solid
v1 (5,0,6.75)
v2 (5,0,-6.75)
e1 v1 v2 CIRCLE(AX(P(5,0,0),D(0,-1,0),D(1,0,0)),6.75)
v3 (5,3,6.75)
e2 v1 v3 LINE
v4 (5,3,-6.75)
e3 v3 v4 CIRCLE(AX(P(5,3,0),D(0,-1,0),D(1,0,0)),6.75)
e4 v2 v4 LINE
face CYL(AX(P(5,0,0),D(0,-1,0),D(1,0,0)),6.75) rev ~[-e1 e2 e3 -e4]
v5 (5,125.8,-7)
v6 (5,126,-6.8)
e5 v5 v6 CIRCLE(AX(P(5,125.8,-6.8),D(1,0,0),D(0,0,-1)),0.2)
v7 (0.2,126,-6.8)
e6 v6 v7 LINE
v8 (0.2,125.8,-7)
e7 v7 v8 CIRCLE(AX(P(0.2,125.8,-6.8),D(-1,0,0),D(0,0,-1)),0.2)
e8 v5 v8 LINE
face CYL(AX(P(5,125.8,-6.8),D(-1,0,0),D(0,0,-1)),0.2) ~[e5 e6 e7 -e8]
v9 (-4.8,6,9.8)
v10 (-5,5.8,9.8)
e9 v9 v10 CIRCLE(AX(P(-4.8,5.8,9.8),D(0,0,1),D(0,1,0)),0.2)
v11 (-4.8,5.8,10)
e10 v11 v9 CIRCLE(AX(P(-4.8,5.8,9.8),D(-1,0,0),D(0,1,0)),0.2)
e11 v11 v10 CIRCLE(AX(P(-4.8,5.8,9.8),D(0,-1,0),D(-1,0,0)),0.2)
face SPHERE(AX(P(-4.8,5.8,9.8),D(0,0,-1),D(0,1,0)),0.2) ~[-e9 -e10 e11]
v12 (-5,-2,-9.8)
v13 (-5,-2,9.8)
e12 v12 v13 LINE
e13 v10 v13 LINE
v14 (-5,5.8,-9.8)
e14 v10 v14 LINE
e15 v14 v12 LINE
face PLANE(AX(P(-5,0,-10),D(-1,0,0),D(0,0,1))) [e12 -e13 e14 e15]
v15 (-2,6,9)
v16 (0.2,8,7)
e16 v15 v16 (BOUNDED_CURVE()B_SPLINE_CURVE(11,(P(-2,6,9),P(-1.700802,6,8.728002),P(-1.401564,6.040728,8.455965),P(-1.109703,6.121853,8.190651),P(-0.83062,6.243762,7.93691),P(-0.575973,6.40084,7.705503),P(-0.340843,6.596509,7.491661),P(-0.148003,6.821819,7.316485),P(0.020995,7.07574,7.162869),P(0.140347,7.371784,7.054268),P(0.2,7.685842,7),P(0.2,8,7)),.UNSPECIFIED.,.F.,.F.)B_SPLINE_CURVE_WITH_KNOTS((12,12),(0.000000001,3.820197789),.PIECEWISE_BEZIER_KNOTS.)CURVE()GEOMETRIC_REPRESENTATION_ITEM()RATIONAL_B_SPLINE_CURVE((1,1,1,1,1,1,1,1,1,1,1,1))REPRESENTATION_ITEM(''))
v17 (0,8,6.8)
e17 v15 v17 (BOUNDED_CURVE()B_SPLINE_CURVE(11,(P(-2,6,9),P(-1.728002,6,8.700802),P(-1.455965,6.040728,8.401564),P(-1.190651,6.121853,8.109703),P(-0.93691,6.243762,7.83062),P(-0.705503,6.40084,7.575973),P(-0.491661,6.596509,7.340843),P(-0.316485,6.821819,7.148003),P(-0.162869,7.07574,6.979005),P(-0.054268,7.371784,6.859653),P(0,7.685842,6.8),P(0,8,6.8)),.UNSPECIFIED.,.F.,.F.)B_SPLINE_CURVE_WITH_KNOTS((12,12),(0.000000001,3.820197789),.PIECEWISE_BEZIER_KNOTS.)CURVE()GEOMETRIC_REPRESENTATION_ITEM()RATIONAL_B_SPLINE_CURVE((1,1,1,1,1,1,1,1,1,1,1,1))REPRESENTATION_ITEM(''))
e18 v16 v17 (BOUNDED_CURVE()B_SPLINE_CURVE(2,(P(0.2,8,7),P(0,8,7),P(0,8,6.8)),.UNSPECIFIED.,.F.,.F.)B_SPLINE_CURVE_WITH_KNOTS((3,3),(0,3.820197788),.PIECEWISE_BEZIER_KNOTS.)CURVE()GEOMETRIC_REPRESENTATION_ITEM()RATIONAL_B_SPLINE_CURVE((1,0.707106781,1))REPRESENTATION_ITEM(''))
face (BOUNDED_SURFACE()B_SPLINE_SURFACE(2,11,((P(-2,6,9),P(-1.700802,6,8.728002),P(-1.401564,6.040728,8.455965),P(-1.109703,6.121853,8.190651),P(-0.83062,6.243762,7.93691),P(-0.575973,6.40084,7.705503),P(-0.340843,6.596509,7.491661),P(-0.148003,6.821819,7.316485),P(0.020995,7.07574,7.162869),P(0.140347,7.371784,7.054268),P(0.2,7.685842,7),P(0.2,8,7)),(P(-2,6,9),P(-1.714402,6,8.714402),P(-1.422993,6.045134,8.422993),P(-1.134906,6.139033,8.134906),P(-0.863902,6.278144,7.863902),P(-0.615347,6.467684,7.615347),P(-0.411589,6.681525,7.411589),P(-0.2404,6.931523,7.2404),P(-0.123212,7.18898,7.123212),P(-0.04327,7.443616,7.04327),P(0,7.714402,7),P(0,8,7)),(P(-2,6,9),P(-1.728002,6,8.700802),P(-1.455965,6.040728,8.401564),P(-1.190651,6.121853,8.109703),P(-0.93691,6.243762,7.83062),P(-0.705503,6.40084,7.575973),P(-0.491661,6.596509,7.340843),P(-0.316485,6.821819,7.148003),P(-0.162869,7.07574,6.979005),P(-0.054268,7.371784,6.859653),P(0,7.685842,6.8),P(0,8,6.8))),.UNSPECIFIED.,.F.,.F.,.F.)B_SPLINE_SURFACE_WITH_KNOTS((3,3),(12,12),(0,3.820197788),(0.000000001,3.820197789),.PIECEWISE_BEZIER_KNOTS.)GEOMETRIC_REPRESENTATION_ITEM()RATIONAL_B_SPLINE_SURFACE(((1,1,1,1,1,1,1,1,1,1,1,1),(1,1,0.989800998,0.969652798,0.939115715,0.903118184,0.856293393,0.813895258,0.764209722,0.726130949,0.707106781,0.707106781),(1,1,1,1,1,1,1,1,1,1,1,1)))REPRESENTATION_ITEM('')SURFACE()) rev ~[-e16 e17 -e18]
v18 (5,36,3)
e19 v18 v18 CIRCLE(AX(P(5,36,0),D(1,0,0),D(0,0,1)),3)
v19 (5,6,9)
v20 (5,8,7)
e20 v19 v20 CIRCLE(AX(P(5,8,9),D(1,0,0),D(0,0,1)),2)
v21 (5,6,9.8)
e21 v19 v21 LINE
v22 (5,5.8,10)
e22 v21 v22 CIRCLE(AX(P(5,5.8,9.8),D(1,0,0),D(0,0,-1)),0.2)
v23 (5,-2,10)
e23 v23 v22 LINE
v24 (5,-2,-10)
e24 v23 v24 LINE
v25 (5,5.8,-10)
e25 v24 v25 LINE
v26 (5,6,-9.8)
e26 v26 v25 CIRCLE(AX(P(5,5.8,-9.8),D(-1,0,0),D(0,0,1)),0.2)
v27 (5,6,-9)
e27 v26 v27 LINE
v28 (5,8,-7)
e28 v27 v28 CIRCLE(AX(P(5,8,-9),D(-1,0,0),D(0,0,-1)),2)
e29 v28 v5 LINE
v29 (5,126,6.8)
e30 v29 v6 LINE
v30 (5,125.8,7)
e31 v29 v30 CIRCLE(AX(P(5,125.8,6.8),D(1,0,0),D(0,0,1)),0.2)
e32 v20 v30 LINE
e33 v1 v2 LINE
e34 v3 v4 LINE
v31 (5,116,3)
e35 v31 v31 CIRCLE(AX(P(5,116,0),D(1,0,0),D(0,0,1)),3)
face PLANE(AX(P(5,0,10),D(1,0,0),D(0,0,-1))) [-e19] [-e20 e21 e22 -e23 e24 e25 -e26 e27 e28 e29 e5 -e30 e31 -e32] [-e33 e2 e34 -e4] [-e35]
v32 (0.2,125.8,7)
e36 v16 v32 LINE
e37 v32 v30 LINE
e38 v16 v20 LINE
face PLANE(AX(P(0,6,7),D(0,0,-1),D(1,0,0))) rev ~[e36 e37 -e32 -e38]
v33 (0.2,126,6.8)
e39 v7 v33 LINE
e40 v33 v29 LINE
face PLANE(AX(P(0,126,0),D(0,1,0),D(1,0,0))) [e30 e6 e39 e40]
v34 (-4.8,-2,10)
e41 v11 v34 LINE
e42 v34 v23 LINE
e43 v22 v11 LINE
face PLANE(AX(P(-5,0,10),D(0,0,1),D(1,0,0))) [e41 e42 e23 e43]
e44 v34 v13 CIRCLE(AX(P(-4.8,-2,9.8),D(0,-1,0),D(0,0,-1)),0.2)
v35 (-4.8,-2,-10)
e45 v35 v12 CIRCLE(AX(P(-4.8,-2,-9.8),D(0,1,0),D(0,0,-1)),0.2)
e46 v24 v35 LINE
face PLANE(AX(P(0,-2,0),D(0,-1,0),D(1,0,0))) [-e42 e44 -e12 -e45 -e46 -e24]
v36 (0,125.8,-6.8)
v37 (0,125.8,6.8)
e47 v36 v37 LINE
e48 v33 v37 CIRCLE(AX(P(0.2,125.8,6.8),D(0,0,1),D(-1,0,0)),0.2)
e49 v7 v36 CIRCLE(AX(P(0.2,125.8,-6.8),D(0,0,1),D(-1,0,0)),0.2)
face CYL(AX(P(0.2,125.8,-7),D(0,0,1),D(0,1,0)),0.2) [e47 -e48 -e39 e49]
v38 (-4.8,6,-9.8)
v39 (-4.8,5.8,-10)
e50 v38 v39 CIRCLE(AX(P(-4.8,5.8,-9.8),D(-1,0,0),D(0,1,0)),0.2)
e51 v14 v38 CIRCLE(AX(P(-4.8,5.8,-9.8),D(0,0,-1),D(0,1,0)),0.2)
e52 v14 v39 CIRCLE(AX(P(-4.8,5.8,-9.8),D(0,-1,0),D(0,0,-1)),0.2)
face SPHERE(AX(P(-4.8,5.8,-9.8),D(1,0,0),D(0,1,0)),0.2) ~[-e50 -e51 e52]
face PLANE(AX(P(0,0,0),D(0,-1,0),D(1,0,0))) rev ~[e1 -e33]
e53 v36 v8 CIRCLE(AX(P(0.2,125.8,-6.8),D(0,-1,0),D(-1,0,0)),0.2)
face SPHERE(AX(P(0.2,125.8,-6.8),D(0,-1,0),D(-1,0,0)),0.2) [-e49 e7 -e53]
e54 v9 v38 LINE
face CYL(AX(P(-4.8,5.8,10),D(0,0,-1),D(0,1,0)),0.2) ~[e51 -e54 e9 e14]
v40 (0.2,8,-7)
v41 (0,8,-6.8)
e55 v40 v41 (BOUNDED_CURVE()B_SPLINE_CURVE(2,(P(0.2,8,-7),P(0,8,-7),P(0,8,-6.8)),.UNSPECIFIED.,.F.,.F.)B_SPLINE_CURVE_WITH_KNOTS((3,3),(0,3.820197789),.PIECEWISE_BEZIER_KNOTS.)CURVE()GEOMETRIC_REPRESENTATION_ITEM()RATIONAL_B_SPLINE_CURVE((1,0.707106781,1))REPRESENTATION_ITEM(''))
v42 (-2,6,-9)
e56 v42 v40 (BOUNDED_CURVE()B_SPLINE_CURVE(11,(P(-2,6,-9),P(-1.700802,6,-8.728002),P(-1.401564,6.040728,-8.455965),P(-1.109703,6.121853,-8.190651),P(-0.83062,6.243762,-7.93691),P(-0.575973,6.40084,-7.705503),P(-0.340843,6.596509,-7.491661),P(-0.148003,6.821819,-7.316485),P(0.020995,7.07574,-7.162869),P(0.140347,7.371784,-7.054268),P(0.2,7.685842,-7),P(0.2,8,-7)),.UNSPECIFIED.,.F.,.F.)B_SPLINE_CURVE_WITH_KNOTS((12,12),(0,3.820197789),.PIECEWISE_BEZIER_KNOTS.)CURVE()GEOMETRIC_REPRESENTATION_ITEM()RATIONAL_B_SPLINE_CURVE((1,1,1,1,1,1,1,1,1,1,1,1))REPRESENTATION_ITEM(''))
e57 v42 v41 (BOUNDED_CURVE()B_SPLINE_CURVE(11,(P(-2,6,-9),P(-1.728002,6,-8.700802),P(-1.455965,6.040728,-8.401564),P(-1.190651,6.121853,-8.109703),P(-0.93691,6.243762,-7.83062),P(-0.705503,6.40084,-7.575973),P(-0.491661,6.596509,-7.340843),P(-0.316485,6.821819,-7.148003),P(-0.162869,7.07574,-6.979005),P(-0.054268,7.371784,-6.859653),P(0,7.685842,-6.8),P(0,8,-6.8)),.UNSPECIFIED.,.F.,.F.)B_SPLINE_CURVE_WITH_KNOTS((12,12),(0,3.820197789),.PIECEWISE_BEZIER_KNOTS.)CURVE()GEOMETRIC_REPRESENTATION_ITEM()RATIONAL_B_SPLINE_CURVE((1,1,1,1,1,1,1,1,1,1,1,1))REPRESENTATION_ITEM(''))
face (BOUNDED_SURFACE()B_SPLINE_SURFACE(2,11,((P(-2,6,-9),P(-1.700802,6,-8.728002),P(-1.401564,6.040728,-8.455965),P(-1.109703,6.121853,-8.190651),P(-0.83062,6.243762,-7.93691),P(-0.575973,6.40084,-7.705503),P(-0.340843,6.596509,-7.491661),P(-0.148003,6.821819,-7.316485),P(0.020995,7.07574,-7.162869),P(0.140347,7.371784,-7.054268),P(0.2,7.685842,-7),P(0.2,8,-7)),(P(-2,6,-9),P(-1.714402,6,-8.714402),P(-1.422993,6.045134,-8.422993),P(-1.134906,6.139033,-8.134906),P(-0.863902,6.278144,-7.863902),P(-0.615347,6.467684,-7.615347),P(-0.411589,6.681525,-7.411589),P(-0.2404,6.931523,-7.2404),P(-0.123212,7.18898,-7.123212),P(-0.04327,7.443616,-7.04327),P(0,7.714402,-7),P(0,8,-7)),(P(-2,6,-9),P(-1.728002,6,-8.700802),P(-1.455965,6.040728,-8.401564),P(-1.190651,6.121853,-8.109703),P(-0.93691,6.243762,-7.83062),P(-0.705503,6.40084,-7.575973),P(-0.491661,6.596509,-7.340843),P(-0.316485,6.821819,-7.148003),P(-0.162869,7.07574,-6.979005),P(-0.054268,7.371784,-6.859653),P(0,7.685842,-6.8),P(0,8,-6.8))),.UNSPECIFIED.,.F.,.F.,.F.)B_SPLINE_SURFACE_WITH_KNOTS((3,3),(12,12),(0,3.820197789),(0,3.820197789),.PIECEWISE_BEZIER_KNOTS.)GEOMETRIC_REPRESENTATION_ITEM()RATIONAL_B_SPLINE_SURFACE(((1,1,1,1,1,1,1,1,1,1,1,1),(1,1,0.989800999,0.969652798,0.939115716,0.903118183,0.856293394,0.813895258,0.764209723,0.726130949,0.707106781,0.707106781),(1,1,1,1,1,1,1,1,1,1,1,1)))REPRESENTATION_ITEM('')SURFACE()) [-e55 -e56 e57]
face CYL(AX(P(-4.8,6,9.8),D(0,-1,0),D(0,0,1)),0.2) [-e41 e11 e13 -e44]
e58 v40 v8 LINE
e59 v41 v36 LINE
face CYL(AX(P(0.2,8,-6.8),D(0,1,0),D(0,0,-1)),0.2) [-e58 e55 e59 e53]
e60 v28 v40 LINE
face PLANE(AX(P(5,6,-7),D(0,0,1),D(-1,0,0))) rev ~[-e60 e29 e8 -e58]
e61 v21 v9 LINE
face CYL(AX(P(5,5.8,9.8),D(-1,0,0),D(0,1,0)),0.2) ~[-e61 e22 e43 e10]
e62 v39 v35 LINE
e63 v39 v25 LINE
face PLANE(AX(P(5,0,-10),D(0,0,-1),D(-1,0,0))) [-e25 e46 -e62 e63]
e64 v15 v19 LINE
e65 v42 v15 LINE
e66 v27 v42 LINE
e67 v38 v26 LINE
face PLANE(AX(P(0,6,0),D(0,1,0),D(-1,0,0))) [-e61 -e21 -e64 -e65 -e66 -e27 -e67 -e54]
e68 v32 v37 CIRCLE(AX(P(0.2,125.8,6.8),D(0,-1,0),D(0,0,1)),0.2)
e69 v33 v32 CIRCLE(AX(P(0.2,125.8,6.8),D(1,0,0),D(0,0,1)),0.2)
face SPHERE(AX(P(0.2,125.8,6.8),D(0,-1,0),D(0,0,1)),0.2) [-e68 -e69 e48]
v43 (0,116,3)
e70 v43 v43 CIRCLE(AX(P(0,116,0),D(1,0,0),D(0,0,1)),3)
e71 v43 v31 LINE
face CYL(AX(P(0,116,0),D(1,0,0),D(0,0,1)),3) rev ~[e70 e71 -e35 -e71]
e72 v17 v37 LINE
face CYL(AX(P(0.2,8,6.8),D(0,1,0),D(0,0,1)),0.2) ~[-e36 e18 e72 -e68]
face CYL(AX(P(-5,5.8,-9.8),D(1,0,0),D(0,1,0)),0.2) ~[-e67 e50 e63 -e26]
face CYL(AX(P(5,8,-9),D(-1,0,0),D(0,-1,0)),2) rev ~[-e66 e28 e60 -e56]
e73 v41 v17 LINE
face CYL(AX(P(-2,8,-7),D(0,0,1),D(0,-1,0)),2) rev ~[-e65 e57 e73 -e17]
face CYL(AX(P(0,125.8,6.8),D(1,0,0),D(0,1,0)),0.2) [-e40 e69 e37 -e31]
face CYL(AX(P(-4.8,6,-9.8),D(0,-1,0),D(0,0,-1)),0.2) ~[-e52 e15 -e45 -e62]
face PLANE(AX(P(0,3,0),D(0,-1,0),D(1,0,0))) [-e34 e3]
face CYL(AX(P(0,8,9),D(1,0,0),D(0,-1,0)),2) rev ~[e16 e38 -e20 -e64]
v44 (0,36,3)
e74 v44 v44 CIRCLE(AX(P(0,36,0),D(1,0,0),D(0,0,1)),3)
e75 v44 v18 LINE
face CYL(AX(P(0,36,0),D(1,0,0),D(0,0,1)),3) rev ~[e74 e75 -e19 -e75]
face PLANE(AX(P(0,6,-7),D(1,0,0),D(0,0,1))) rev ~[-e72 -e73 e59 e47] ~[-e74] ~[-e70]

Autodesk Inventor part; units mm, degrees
ref_plane "YZ Plane" through (0, 0, 0) normal (1, 0, 0) x (0, 1, 0)
ref_plane "XZ Plane" through (0, 0, 0) normal (0, 1, 0) x (-1, 0, 0)
ref_plane "XY Plane" through (0, 0, 0) normal (0, 0, 1) x (1, 0, 0)
sketch "スケッチ1" plane through (0, 0, 0) normal (0, 1, 0) x (-1, 0, 0)
  line L0 (5, -10) -> (-5, -10)
  line L1 (-5, -10) -> (-5, 10)
  line L2 (-5, 10) -> (5, 10)
  line L3 (5, 10) -> (5, -10)
  line L4 (5, -10) -> (-5, 10) construction
  line L5 (-5, -10) -> (5, 10) construction
  point P0 (0, 0)
  dimension "d0" = 10
  dimension "d1" = 20
extrude "押し出し1" add sketch "スケッチ1" along normal blind 6
sketch "スケッチ2" plane through (0, 0, 0) normal (0, -1, 0) x (1, 0, 0)
  line L0 (5, 10) -> (5, -10) projected
  circle A0 centre (5, 0) radius 6.75
  point P0 (0, 0)
  point P1 (5, -6.75)
  point P2 (5, 6.75)
  dimension "d4" = 13.5
extrude "押し出し2" cut sketch "スケッチ2" against normal blind 3 contours L0 A0 picked at (3.1483, 1.2781)
sketch "スケッチ3" plane through (0, 0, 0) normal (0, -1, 0) x (1, 0, 0)
  line L0 (-5, 10) -> (5, 10)
  line L1 (5, 10) -> (5, -10)
  line L2 (5, -10) -> (-5, -10)
  line L3 (-5, -10) -> (-5, 10)
  line L4 (-5, 10) -> (5, -10) construction
  line L5 (5, 10) -> (-5, -10) construction
  point P0 (0, 0)
  dimension "d7" = 10
  dimension "d8" = 20
extrude "押し出し3" add sketch "スケッチ3" along normal blind 2
sketch "スケッチ4" plane through (0, 6, 0) normal (0, 1, 0) x (1, 0, 0)
  line L0 (5, 7) -> (0, 7)
  line L1 (0, 7) -> (0, -7)
  line L2 (0, -7) -> (5, -7)
  line L3 (5, -7) -> (5, 7)
  line L4 (5, -10) -> (5, 10) projected
  point P0 (0, 0)
  dimension "d11" = 5
  dimension "d12" = 14
  dimension "d13" = 5
  dimension "d14" = 7
extrude "押し出し4" add sketch "スケッチ4" along normal blind 120
fillet "フィレット1" radius 2 3 edges at (2.5, 6, 7) (2.5, 6, -7) (0, 6, 0)
fillet "フィレット2" radius 0.2 12 edges at (-0.5858, 6.5858, -7.5858) (0, 67, -7) (-0.5858, 6.5858, 7.5858) (0, 67, 7) (2.5, 126, 7) (0, 126, 0) (2.5, 126, -7) (0, 6, -10) (-5, 6, 0) (0, 6, 10) (-5, 2, 10) (-5, 2, -10)
sketch "スケッチ5" plane through (0, 8, 6.8) normal (-1, 0, 0) x (0, 0, 1)
  line L0 (3, -2) -> (-16.6, -2) projected
  line L1 (-13.8, 117.8) -> (-13.8, 0) projected
  point P0 (-6.8, -8)
  point P1 (-6.8, 28)
  point P2 (-6.8, 108)
  dimension "d19" = 30
  dimension "d20" = 80
  dimension "d21" = 7
  dimension "d22" = 7
hole "穴1" at (0, 36, 0) at (0, 116, 0) direction (1, 0, 0) diameter 6 end through all
properties part number "baseB"
